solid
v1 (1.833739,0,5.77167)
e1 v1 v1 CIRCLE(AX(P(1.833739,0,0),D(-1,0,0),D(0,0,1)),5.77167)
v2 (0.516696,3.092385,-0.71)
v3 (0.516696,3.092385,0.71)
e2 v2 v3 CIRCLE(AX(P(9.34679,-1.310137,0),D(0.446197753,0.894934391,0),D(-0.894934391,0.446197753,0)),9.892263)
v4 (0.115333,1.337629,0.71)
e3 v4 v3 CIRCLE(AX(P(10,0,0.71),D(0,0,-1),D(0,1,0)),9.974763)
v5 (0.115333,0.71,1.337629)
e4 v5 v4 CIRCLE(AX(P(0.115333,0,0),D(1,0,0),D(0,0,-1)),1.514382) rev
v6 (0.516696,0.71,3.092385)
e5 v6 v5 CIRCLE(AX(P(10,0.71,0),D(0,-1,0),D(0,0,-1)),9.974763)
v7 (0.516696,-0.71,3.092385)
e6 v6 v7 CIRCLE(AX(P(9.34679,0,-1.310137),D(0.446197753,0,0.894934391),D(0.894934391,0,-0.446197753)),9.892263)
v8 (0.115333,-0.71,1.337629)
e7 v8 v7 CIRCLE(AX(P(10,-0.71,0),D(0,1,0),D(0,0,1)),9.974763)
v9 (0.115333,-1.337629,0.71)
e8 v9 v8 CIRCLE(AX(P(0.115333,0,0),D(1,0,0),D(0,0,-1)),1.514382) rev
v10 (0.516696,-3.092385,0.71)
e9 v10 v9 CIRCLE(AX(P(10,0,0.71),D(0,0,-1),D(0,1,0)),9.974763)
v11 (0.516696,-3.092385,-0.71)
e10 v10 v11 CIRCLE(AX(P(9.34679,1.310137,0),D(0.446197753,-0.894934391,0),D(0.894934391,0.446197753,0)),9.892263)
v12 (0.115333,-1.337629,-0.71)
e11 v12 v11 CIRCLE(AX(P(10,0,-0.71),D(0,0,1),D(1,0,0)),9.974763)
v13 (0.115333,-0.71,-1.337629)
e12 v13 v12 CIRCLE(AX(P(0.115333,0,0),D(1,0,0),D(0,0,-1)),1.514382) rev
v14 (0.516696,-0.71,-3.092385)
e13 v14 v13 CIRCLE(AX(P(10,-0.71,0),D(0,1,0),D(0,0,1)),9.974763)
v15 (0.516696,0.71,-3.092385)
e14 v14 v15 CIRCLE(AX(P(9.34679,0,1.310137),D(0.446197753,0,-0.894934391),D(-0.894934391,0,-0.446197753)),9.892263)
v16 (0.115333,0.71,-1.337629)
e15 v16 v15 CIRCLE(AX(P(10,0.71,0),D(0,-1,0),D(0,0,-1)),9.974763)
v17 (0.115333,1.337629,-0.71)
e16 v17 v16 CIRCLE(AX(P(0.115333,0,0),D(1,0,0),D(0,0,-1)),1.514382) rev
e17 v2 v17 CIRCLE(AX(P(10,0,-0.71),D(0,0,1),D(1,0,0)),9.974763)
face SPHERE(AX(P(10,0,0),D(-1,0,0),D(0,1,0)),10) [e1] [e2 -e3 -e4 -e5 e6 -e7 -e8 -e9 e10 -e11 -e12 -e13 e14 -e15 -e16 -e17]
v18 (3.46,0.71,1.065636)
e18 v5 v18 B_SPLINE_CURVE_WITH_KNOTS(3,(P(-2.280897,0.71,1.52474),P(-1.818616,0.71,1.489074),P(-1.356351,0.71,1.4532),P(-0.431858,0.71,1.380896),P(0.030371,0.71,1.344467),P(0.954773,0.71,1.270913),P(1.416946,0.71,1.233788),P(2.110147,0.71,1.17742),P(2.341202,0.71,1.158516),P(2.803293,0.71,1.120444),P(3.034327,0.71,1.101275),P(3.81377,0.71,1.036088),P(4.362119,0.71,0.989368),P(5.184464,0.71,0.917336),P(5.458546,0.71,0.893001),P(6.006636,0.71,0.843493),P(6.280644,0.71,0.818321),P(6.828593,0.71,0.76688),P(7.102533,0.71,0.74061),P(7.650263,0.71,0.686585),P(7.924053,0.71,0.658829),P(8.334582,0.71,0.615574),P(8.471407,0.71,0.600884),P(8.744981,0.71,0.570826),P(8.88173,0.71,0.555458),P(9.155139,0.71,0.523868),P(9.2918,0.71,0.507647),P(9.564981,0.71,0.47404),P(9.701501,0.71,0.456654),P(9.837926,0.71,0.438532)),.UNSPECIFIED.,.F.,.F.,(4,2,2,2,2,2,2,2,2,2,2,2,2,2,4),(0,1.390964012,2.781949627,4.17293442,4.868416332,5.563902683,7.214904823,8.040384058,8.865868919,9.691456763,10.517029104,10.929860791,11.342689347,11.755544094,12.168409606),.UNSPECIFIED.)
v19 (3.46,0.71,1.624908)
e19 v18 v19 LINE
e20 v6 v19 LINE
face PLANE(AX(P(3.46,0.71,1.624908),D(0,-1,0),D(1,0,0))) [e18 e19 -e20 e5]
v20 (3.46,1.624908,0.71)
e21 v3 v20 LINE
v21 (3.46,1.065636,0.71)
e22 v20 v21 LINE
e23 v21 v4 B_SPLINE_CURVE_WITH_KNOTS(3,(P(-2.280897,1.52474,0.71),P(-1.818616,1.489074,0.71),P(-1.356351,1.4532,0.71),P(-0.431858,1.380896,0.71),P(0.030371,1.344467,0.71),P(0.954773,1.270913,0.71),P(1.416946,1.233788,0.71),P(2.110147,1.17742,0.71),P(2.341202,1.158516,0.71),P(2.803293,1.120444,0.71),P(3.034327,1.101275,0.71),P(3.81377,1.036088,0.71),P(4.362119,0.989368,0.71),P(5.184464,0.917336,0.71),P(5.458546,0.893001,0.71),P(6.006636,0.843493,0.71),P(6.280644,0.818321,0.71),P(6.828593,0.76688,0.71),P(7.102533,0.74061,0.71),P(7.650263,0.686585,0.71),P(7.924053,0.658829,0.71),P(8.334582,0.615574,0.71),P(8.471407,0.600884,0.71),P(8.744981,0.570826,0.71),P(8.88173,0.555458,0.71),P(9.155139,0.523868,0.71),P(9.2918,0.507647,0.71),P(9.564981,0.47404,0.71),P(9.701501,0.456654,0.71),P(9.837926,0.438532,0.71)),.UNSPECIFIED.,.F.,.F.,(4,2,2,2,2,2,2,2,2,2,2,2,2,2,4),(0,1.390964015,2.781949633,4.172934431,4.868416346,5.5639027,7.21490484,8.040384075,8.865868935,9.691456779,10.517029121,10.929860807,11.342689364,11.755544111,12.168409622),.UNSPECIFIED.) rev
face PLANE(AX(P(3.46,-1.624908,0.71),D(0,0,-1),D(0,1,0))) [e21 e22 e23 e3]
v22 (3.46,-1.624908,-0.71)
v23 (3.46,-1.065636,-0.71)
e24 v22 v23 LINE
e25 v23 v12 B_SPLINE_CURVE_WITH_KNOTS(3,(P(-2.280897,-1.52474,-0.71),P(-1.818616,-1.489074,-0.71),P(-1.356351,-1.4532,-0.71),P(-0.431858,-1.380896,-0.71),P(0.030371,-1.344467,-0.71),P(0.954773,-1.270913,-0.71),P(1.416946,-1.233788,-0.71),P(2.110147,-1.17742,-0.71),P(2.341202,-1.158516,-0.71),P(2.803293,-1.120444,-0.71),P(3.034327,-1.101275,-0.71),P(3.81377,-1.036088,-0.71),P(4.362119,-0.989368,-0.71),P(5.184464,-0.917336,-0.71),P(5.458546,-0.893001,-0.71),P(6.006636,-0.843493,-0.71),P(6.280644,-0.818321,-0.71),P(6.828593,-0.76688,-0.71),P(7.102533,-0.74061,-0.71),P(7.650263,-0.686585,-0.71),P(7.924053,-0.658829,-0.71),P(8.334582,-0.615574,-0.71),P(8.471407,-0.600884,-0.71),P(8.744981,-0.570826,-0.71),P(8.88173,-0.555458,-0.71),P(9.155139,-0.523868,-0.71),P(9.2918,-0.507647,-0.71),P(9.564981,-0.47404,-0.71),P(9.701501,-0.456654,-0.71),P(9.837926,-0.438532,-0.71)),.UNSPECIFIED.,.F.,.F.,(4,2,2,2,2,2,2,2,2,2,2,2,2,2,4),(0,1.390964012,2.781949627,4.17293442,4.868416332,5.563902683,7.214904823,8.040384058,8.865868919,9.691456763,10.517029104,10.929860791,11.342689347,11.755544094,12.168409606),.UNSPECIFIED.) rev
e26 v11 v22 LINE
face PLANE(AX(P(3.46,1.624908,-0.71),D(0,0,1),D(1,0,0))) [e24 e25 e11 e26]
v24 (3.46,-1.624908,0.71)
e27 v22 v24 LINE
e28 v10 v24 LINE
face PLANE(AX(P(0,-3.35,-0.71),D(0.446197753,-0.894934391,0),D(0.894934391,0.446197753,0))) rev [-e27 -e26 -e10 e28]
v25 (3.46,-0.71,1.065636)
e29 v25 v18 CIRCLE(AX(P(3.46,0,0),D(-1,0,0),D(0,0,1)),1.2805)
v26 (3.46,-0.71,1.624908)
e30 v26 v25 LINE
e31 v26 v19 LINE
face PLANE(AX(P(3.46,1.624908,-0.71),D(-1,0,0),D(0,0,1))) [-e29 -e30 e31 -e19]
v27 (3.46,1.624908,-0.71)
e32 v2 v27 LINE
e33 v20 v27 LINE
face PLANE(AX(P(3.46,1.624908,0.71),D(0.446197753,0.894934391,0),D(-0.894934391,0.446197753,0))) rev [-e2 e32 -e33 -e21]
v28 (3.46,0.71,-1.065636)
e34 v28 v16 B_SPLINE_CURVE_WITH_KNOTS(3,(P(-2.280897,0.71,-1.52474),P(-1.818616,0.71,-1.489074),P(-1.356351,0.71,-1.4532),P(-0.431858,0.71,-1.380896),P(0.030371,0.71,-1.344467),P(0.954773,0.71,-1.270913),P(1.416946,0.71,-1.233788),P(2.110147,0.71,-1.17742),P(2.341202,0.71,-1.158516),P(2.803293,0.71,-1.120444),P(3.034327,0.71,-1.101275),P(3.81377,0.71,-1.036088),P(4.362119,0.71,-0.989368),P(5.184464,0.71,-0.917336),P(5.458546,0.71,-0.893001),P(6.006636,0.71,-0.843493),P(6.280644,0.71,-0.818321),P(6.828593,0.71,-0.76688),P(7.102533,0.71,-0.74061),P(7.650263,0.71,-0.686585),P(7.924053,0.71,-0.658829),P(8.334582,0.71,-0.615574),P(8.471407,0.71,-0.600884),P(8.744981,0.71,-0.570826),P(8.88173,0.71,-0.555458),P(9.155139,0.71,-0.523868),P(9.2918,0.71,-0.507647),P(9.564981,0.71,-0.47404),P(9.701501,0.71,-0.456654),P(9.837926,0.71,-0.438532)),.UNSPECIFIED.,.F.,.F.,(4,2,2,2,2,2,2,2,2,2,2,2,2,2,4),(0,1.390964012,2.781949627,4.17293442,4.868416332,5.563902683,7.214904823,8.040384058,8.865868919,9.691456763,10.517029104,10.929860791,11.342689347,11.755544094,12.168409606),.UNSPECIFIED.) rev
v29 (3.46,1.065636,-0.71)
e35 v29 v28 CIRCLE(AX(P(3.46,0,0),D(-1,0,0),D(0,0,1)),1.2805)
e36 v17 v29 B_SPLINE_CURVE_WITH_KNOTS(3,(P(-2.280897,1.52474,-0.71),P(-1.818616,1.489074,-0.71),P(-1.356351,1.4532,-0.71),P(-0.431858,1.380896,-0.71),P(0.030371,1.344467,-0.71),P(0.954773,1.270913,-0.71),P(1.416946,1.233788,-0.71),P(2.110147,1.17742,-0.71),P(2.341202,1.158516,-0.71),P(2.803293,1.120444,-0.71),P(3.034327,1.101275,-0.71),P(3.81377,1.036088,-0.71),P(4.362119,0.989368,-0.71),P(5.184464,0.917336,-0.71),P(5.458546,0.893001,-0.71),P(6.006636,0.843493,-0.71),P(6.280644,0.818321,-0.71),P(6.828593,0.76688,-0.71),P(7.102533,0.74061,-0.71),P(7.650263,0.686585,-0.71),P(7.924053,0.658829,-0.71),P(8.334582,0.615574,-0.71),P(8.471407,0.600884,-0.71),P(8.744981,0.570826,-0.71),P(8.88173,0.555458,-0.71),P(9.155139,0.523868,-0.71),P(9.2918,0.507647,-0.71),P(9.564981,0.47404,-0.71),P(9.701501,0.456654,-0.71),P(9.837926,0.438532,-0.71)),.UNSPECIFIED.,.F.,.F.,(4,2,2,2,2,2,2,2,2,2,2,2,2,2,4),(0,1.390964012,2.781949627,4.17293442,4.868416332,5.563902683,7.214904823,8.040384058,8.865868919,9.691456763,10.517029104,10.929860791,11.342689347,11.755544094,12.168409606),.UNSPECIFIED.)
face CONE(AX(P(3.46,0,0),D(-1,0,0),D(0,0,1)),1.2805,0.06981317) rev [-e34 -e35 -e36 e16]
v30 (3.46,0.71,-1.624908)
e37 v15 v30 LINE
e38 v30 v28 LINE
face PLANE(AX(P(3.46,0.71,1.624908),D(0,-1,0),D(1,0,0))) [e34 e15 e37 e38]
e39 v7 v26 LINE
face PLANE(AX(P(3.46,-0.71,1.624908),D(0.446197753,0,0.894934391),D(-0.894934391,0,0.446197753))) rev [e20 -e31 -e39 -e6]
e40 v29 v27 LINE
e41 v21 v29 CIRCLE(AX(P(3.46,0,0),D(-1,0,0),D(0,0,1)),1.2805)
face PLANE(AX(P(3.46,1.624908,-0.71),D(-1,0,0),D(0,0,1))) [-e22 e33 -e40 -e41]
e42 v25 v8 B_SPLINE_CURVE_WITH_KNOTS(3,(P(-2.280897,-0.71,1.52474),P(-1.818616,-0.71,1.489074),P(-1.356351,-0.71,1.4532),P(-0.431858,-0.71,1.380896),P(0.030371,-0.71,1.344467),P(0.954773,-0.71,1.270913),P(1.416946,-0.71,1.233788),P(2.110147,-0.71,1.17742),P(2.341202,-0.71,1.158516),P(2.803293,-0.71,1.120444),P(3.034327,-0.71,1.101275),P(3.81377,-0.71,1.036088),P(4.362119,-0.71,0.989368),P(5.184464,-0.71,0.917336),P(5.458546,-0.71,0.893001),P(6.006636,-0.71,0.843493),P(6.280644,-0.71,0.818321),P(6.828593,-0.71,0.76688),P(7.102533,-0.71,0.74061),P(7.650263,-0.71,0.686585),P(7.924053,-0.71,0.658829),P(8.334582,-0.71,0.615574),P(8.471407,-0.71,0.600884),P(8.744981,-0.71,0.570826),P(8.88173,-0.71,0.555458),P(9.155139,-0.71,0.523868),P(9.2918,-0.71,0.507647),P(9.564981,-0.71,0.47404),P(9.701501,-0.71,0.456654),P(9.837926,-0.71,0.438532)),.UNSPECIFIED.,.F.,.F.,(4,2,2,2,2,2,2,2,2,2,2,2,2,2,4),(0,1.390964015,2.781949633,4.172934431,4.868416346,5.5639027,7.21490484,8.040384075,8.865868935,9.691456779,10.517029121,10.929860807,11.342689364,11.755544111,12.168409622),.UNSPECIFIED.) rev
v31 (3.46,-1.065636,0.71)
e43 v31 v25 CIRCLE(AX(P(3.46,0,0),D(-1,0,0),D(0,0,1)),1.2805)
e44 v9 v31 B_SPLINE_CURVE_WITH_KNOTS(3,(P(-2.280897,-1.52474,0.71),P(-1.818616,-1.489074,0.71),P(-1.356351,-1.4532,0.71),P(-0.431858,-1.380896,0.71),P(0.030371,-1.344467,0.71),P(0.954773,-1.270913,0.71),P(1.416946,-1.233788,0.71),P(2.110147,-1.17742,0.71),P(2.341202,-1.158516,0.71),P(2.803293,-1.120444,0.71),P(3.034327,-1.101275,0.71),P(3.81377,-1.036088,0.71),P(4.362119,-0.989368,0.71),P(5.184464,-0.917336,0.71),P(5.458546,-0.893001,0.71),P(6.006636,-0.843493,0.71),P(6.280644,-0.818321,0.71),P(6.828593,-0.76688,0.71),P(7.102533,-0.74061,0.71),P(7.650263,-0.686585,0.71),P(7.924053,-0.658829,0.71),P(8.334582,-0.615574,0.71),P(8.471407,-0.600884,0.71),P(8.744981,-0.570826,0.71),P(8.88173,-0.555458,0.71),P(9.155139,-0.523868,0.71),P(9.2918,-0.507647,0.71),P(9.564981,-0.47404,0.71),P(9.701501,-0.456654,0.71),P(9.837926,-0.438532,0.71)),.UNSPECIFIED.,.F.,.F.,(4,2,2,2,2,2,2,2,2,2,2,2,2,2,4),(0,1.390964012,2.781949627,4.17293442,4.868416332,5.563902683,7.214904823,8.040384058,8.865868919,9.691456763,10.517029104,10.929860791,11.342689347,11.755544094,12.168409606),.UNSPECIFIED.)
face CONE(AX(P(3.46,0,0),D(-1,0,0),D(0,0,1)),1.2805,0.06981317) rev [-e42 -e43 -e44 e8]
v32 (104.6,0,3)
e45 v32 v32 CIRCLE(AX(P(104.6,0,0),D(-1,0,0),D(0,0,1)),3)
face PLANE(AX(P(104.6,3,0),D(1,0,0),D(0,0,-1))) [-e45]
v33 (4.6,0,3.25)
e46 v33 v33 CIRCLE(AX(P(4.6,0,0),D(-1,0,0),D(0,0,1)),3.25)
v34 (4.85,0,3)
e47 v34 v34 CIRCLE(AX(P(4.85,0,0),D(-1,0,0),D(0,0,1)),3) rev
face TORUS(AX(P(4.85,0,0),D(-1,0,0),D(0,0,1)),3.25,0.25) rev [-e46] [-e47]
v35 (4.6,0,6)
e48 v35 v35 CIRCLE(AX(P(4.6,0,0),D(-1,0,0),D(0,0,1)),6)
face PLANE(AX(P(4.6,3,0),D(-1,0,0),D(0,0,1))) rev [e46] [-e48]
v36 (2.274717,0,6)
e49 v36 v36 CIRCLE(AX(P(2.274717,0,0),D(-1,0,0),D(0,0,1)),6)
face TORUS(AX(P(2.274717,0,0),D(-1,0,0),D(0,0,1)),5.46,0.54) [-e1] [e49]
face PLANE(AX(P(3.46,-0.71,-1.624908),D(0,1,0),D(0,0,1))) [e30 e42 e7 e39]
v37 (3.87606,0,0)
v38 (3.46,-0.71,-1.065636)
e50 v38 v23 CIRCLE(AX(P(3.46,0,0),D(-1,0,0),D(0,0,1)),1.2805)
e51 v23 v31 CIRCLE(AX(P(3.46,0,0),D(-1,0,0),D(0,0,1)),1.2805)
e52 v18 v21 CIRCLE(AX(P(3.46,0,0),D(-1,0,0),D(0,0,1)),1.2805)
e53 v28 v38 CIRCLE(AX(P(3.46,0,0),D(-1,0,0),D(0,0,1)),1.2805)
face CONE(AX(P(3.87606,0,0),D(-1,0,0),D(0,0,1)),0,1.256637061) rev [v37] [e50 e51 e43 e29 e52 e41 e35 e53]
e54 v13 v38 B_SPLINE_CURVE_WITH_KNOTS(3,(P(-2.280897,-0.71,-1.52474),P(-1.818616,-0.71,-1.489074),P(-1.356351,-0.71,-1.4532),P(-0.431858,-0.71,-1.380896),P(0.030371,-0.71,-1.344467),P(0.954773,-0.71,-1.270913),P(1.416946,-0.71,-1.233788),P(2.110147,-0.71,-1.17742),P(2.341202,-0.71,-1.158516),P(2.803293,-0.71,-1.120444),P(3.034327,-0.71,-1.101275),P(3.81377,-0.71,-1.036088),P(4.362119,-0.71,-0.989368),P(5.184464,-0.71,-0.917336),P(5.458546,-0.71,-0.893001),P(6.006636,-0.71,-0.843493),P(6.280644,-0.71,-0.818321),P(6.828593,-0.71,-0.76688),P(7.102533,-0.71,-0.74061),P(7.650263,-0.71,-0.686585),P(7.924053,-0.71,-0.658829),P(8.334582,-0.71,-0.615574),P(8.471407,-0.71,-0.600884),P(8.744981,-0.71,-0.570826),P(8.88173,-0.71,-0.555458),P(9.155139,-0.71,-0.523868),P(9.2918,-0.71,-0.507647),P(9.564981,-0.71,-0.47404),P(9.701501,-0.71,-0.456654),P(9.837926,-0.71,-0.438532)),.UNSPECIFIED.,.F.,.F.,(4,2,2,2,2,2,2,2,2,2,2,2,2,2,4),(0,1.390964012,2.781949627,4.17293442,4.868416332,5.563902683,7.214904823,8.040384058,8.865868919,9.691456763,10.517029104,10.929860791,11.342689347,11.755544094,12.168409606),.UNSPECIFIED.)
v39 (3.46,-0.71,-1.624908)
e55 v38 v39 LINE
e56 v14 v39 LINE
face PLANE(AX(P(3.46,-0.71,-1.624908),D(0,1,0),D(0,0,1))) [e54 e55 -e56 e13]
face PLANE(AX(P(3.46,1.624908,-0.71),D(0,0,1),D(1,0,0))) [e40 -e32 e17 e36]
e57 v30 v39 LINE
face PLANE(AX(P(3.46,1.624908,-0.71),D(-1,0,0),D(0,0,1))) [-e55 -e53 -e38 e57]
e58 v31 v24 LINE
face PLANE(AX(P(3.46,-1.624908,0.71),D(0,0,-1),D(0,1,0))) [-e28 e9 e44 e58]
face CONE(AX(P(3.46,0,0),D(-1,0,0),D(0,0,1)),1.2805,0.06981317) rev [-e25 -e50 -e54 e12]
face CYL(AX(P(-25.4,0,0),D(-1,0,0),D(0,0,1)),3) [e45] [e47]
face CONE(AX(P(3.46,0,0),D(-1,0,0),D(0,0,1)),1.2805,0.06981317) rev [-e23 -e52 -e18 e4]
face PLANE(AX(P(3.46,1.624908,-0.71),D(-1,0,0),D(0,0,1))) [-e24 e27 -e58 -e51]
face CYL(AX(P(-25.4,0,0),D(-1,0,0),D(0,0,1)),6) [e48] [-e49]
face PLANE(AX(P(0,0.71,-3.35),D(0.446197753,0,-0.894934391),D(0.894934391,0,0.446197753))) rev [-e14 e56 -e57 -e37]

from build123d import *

# Parameters (mm, degrees)
FILLET1_R    = 0.25
SKETCH3_W    = 1.42
SKETCH3_H    = 6.7
SKETCH4_W    = 1.42
SKETCH4_H    = 3.24981585
RECPAT_COUNT = 2
RECPAT_ANGLE = 90


with BuildPart() as part:
    # BodySke → Base-Revolve (revolve)
    with BuildSketch(Plane.XY):
        with BuildLine():
            Line((4.6, 3), (4.6, 6))
            Line((4.6, 6), (2.274716834, 6))
            ThreePointArc((2.274716834, 6), (2.026424569, 5.939532013), (1.833738725, 5.77167019))
            ThreePointArc((1.833738725, 5.77167019), (0.469454036, 3.027985077), (0, 0))
            Line((0, 0), (104.6, 0))
            Line((104.6, 0), (104.6, 3))
            Line((104.6, 3), (4.6, 3))
        make_face()
    revolve(axis=Axis((-25.4, 0, 0), (1, 0, 0)))

    # Fillet1
    fillet1_edges = [part.edges().sort_by_distance(p)[0] for p in [
        (4.6, -3, 0),
    ]]
    fillet(fillet1_edges, radius=FILLET1_R)

    # Sketch3 → Recess section 0
    with BuildSketch(Plane(origin=(0, 0, 0), x_dir=(0, 0, -1), z_dir=(1, 0, 0))):
        Rectangle(SKETCH3_W, SKETCH3_H)
    # Sketch4 → Recess section 1
    with BuildSketch(Plane(origin=(3.46, 0, 0), x_dir=(0, 0, -1), z_dir=(1, 0, 0))):
        Rectangle(SKETCH4_W, SKETCH4_H)
    recess = loft(mode=Mode.SUBTRACT)

    # RecPat: Recess ×2 about axis
    recpat_axis = Axis((0, 0, 0), (1, 0, 0))
    for i in range(1, RECPAT_COUNT):
        add(recess.rotate(recpat_axis, i * RECPAT_ANGLE / (RECPAT_COUNT - 1)), mode=Mode.SUBTRACT)

    # RecCorSke → RecessCore (revolve, cut)
    with BuildSketch(Plane.XY):
        Polygon((0, 0), (0, 1.522446769), (3.46, 1.2805), (3.876059671, 0), align=None)
    revolve(axis=Axis((-3.175, 0, 0), (1, 0, 0)), mode=Mode.SUBTRACT)


solid = part.part
